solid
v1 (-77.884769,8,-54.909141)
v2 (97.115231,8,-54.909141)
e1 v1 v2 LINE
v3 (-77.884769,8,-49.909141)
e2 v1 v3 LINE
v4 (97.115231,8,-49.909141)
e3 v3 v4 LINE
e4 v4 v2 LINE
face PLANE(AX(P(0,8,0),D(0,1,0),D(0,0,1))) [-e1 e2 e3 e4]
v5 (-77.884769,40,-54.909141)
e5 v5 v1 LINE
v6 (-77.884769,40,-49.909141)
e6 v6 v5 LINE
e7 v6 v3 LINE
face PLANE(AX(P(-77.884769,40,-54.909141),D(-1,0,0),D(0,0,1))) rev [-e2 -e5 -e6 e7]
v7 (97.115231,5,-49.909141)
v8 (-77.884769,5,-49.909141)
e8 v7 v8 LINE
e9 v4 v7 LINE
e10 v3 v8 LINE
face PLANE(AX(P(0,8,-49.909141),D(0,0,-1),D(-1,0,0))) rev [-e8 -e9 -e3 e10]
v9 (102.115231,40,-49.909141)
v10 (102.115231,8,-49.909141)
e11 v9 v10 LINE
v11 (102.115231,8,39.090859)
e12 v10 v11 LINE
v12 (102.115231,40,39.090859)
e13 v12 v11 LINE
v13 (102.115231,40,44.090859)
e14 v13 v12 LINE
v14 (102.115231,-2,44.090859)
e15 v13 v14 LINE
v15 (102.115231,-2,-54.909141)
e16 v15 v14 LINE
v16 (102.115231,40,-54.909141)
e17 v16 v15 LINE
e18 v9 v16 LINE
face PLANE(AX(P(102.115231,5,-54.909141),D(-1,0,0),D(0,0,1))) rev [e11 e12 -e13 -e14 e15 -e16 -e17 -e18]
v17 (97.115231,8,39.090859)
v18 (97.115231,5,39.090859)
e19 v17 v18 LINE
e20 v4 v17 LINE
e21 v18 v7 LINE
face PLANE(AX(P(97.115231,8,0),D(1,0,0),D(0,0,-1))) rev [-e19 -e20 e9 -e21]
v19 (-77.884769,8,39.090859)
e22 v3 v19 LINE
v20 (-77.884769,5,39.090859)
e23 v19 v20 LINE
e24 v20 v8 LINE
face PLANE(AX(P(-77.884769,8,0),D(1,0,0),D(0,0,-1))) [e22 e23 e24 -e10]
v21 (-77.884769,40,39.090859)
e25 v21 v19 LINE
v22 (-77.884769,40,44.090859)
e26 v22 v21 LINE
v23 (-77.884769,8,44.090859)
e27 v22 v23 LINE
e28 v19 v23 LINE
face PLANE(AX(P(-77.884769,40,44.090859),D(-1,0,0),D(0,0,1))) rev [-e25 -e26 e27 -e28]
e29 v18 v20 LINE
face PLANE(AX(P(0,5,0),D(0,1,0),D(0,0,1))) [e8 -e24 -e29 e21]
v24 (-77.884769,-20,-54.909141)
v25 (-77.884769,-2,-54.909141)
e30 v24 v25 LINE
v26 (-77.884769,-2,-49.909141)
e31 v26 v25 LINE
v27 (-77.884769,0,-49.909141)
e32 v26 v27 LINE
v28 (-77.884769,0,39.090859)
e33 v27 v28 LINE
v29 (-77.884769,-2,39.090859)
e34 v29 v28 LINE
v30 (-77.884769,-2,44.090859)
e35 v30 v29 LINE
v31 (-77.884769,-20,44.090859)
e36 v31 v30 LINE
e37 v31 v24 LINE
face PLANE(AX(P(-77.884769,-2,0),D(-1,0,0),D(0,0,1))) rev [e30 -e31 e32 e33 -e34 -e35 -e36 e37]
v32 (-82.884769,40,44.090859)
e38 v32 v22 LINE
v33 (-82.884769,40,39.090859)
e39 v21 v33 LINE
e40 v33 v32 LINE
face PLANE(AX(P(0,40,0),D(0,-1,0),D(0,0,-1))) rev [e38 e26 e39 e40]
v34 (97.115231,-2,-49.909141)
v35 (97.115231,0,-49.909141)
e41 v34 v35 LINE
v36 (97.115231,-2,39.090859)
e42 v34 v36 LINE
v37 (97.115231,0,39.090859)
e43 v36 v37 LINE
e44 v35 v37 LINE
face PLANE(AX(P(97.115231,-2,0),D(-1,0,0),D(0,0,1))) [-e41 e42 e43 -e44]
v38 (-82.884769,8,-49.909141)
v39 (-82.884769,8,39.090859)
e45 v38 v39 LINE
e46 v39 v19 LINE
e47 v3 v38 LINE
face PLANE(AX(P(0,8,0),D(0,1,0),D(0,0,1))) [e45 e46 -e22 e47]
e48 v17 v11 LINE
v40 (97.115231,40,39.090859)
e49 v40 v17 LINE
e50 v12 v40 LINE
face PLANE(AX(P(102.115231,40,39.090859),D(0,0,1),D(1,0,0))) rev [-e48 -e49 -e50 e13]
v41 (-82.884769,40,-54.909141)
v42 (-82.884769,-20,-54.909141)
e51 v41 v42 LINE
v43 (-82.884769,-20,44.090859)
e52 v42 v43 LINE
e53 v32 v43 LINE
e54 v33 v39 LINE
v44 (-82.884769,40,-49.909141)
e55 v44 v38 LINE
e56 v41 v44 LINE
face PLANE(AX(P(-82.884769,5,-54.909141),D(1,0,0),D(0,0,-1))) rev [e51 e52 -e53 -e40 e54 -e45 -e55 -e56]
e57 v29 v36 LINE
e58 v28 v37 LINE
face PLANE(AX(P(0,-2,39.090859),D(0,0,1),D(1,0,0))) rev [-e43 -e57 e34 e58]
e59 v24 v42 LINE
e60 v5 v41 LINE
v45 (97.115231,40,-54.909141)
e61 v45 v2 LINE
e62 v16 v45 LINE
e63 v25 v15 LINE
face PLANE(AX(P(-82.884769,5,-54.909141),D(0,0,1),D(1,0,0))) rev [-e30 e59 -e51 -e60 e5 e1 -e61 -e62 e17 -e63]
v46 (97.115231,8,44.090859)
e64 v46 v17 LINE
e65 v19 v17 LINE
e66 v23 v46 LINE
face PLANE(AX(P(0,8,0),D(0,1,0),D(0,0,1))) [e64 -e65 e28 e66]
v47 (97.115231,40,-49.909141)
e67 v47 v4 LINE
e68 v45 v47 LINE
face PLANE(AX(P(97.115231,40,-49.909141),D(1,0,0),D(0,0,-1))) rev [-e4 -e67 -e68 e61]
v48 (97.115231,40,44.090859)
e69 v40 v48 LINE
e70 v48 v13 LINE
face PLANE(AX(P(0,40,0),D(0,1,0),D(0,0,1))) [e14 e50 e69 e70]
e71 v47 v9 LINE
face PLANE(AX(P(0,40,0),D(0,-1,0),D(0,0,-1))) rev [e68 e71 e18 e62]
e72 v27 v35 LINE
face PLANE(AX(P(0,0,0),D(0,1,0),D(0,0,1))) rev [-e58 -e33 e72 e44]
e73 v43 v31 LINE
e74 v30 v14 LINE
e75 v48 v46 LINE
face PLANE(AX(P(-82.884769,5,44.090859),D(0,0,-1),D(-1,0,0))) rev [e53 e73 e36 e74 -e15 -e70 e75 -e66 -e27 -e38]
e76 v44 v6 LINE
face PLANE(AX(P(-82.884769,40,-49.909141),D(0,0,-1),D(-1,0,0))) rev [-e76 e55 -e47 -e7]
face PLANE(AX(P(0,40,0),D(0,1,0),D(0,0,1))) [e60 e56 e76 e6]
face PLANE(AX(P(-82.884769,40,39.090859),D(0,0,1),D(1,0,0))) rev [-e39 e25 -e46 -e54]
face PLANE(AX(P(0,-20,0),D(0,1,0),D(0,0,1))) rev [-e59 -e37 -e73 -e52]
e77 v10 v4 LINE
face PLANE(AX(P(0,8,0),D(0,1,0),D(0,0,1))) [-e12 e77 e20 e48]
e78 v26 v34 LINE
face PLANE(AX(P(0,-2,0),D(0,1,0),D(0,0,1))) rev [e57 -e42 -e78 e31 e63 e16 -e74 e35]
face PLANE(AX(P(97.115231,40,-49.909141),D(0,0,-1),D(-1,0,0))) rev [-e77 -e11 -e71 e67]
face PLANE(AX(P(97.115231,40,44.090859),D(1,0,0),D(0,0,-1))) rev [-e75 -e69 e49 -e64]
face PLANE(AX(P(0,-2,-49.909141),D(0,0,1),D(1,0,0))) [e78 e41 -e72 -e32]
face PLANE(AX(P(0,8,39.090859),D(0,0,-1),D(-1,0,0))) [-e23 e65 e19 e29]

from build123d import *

# Parameters (mm, degrees)
SKETCH_1_W      = 185
SKETCH_1_H      = 99
EXTRUDE_1_DEPTH = 5
SKETCH_3_W      = 185
SKETCH_3_H      = 99
SKETCH_3_W_2    = 175
SKETCH_3_H_2    = 89
EXTRUDE_2_DEPTH = 8
SKETCH_3_3_W    = 185
SKETCH_3_3_H    = 99
SKETCH_3_3_W_2  = 175
SKETCH_3_3_H_2  = 89
EXTRUDE_3_DEPTH = 2
SKETCH_4_W      = 5
SKETCH_4_H      = 99
EXTRUDE_4_DEPTH = 20
SKETCH_5_W      = 5
SKETCH_5_H      = 5
EXTRUDE_5_DEPTH = 40


with BuildPart() as part:
    # 草图1 → 凸台-拉伸1 (new body)
    with BuildSketch(Plane(origin=(0, 0, 0), x_dir=(1, 0, 0), z_dir=(0, 1, 0))):
        with Locations((9.615231102, 5.409140969)):
            Rectangle(SKETCH_1_W, SKETCH_1_H)
    extrude(amount=EXTRUDE_1_DEPTH)

    # 草图3 → 凸台-拉伸2 (add)
    with BuildSketch(Plane(origin=(0, 0, 0), x_dir=(1, 0, 0), z_dir=(0, 1, 0))):
        with Locations((9.615231102, 5.409140969)):
            Rectangle(SKETCH_3_W, SKETCH_3_H)
        with Locations((9.615231102, 5.409140969)):
            Rectangle(SKETCH_3_W_2, SKETCH_3_H_2, mode=Mode.SUBTRACT)
    extrude(amount=EXTRUDE_2_DEPTH)

    # 草图3<3> → 凸台-拉伸3 (add)
    with BuildSketch(Plane(origin=(0, 0, 0), x_dir=(1, 0, 0), z_dir=(0, 1, 0))):
        with Locations((9.615231102, 5.409140969)):
            Rectangle(SKETCH_3_3_W, SKETCH_3_3_H)
        with Locations((9.615231102, 5.409140969)):
            Rectangle(SKETCH_3_3_W_2, SKETCH_3_3_H_2, mode=Mode.SUBTRACT)
    extrude(amount=-EXTRUDE_3_DEPTH)

    # 草图4 → 凸台-拉伸4 (add)
    with BuildSketch(Plane(origin=(0, 0, 0), x_dir=(1, 0, 0), z_dir=(0, 1, 0))):
        with Locations((-80.384768898, 5.409140969)):
            Rectangle(SKETCH_4_W, SKETCH_4_H)
    extrude(amount=-EXTRUDE_4_DEPTH)

    # 草图5 → 凸台-拉伸5 (add)
    with BuildSketch(Plane(origin=(0, 0, 0), x_dir=(1, 0, 0), z_dir=(0, 1, 0))):
        with Locations((-80.384768898, 52.409140969)):
            Rectangle(SKETCH_5_W, SKETCH_5_H)
        with Locations((99.615231102, 52.409140969)):
            Rectangle(SKETCH_5_W, SKETCH_5_H)
        with Locations((99.615231102, -41.590859031)):
            Rectangle(SKETCH_5_W, SKETCH_5_H)
        with Locations((-80.384768898, -41.590859031)):
            Rectangle(SKETCH_5_W, SKETCH_5_H)
    extrude(amount=EXTRUDE_5_DEPTH)


solid = part.part
